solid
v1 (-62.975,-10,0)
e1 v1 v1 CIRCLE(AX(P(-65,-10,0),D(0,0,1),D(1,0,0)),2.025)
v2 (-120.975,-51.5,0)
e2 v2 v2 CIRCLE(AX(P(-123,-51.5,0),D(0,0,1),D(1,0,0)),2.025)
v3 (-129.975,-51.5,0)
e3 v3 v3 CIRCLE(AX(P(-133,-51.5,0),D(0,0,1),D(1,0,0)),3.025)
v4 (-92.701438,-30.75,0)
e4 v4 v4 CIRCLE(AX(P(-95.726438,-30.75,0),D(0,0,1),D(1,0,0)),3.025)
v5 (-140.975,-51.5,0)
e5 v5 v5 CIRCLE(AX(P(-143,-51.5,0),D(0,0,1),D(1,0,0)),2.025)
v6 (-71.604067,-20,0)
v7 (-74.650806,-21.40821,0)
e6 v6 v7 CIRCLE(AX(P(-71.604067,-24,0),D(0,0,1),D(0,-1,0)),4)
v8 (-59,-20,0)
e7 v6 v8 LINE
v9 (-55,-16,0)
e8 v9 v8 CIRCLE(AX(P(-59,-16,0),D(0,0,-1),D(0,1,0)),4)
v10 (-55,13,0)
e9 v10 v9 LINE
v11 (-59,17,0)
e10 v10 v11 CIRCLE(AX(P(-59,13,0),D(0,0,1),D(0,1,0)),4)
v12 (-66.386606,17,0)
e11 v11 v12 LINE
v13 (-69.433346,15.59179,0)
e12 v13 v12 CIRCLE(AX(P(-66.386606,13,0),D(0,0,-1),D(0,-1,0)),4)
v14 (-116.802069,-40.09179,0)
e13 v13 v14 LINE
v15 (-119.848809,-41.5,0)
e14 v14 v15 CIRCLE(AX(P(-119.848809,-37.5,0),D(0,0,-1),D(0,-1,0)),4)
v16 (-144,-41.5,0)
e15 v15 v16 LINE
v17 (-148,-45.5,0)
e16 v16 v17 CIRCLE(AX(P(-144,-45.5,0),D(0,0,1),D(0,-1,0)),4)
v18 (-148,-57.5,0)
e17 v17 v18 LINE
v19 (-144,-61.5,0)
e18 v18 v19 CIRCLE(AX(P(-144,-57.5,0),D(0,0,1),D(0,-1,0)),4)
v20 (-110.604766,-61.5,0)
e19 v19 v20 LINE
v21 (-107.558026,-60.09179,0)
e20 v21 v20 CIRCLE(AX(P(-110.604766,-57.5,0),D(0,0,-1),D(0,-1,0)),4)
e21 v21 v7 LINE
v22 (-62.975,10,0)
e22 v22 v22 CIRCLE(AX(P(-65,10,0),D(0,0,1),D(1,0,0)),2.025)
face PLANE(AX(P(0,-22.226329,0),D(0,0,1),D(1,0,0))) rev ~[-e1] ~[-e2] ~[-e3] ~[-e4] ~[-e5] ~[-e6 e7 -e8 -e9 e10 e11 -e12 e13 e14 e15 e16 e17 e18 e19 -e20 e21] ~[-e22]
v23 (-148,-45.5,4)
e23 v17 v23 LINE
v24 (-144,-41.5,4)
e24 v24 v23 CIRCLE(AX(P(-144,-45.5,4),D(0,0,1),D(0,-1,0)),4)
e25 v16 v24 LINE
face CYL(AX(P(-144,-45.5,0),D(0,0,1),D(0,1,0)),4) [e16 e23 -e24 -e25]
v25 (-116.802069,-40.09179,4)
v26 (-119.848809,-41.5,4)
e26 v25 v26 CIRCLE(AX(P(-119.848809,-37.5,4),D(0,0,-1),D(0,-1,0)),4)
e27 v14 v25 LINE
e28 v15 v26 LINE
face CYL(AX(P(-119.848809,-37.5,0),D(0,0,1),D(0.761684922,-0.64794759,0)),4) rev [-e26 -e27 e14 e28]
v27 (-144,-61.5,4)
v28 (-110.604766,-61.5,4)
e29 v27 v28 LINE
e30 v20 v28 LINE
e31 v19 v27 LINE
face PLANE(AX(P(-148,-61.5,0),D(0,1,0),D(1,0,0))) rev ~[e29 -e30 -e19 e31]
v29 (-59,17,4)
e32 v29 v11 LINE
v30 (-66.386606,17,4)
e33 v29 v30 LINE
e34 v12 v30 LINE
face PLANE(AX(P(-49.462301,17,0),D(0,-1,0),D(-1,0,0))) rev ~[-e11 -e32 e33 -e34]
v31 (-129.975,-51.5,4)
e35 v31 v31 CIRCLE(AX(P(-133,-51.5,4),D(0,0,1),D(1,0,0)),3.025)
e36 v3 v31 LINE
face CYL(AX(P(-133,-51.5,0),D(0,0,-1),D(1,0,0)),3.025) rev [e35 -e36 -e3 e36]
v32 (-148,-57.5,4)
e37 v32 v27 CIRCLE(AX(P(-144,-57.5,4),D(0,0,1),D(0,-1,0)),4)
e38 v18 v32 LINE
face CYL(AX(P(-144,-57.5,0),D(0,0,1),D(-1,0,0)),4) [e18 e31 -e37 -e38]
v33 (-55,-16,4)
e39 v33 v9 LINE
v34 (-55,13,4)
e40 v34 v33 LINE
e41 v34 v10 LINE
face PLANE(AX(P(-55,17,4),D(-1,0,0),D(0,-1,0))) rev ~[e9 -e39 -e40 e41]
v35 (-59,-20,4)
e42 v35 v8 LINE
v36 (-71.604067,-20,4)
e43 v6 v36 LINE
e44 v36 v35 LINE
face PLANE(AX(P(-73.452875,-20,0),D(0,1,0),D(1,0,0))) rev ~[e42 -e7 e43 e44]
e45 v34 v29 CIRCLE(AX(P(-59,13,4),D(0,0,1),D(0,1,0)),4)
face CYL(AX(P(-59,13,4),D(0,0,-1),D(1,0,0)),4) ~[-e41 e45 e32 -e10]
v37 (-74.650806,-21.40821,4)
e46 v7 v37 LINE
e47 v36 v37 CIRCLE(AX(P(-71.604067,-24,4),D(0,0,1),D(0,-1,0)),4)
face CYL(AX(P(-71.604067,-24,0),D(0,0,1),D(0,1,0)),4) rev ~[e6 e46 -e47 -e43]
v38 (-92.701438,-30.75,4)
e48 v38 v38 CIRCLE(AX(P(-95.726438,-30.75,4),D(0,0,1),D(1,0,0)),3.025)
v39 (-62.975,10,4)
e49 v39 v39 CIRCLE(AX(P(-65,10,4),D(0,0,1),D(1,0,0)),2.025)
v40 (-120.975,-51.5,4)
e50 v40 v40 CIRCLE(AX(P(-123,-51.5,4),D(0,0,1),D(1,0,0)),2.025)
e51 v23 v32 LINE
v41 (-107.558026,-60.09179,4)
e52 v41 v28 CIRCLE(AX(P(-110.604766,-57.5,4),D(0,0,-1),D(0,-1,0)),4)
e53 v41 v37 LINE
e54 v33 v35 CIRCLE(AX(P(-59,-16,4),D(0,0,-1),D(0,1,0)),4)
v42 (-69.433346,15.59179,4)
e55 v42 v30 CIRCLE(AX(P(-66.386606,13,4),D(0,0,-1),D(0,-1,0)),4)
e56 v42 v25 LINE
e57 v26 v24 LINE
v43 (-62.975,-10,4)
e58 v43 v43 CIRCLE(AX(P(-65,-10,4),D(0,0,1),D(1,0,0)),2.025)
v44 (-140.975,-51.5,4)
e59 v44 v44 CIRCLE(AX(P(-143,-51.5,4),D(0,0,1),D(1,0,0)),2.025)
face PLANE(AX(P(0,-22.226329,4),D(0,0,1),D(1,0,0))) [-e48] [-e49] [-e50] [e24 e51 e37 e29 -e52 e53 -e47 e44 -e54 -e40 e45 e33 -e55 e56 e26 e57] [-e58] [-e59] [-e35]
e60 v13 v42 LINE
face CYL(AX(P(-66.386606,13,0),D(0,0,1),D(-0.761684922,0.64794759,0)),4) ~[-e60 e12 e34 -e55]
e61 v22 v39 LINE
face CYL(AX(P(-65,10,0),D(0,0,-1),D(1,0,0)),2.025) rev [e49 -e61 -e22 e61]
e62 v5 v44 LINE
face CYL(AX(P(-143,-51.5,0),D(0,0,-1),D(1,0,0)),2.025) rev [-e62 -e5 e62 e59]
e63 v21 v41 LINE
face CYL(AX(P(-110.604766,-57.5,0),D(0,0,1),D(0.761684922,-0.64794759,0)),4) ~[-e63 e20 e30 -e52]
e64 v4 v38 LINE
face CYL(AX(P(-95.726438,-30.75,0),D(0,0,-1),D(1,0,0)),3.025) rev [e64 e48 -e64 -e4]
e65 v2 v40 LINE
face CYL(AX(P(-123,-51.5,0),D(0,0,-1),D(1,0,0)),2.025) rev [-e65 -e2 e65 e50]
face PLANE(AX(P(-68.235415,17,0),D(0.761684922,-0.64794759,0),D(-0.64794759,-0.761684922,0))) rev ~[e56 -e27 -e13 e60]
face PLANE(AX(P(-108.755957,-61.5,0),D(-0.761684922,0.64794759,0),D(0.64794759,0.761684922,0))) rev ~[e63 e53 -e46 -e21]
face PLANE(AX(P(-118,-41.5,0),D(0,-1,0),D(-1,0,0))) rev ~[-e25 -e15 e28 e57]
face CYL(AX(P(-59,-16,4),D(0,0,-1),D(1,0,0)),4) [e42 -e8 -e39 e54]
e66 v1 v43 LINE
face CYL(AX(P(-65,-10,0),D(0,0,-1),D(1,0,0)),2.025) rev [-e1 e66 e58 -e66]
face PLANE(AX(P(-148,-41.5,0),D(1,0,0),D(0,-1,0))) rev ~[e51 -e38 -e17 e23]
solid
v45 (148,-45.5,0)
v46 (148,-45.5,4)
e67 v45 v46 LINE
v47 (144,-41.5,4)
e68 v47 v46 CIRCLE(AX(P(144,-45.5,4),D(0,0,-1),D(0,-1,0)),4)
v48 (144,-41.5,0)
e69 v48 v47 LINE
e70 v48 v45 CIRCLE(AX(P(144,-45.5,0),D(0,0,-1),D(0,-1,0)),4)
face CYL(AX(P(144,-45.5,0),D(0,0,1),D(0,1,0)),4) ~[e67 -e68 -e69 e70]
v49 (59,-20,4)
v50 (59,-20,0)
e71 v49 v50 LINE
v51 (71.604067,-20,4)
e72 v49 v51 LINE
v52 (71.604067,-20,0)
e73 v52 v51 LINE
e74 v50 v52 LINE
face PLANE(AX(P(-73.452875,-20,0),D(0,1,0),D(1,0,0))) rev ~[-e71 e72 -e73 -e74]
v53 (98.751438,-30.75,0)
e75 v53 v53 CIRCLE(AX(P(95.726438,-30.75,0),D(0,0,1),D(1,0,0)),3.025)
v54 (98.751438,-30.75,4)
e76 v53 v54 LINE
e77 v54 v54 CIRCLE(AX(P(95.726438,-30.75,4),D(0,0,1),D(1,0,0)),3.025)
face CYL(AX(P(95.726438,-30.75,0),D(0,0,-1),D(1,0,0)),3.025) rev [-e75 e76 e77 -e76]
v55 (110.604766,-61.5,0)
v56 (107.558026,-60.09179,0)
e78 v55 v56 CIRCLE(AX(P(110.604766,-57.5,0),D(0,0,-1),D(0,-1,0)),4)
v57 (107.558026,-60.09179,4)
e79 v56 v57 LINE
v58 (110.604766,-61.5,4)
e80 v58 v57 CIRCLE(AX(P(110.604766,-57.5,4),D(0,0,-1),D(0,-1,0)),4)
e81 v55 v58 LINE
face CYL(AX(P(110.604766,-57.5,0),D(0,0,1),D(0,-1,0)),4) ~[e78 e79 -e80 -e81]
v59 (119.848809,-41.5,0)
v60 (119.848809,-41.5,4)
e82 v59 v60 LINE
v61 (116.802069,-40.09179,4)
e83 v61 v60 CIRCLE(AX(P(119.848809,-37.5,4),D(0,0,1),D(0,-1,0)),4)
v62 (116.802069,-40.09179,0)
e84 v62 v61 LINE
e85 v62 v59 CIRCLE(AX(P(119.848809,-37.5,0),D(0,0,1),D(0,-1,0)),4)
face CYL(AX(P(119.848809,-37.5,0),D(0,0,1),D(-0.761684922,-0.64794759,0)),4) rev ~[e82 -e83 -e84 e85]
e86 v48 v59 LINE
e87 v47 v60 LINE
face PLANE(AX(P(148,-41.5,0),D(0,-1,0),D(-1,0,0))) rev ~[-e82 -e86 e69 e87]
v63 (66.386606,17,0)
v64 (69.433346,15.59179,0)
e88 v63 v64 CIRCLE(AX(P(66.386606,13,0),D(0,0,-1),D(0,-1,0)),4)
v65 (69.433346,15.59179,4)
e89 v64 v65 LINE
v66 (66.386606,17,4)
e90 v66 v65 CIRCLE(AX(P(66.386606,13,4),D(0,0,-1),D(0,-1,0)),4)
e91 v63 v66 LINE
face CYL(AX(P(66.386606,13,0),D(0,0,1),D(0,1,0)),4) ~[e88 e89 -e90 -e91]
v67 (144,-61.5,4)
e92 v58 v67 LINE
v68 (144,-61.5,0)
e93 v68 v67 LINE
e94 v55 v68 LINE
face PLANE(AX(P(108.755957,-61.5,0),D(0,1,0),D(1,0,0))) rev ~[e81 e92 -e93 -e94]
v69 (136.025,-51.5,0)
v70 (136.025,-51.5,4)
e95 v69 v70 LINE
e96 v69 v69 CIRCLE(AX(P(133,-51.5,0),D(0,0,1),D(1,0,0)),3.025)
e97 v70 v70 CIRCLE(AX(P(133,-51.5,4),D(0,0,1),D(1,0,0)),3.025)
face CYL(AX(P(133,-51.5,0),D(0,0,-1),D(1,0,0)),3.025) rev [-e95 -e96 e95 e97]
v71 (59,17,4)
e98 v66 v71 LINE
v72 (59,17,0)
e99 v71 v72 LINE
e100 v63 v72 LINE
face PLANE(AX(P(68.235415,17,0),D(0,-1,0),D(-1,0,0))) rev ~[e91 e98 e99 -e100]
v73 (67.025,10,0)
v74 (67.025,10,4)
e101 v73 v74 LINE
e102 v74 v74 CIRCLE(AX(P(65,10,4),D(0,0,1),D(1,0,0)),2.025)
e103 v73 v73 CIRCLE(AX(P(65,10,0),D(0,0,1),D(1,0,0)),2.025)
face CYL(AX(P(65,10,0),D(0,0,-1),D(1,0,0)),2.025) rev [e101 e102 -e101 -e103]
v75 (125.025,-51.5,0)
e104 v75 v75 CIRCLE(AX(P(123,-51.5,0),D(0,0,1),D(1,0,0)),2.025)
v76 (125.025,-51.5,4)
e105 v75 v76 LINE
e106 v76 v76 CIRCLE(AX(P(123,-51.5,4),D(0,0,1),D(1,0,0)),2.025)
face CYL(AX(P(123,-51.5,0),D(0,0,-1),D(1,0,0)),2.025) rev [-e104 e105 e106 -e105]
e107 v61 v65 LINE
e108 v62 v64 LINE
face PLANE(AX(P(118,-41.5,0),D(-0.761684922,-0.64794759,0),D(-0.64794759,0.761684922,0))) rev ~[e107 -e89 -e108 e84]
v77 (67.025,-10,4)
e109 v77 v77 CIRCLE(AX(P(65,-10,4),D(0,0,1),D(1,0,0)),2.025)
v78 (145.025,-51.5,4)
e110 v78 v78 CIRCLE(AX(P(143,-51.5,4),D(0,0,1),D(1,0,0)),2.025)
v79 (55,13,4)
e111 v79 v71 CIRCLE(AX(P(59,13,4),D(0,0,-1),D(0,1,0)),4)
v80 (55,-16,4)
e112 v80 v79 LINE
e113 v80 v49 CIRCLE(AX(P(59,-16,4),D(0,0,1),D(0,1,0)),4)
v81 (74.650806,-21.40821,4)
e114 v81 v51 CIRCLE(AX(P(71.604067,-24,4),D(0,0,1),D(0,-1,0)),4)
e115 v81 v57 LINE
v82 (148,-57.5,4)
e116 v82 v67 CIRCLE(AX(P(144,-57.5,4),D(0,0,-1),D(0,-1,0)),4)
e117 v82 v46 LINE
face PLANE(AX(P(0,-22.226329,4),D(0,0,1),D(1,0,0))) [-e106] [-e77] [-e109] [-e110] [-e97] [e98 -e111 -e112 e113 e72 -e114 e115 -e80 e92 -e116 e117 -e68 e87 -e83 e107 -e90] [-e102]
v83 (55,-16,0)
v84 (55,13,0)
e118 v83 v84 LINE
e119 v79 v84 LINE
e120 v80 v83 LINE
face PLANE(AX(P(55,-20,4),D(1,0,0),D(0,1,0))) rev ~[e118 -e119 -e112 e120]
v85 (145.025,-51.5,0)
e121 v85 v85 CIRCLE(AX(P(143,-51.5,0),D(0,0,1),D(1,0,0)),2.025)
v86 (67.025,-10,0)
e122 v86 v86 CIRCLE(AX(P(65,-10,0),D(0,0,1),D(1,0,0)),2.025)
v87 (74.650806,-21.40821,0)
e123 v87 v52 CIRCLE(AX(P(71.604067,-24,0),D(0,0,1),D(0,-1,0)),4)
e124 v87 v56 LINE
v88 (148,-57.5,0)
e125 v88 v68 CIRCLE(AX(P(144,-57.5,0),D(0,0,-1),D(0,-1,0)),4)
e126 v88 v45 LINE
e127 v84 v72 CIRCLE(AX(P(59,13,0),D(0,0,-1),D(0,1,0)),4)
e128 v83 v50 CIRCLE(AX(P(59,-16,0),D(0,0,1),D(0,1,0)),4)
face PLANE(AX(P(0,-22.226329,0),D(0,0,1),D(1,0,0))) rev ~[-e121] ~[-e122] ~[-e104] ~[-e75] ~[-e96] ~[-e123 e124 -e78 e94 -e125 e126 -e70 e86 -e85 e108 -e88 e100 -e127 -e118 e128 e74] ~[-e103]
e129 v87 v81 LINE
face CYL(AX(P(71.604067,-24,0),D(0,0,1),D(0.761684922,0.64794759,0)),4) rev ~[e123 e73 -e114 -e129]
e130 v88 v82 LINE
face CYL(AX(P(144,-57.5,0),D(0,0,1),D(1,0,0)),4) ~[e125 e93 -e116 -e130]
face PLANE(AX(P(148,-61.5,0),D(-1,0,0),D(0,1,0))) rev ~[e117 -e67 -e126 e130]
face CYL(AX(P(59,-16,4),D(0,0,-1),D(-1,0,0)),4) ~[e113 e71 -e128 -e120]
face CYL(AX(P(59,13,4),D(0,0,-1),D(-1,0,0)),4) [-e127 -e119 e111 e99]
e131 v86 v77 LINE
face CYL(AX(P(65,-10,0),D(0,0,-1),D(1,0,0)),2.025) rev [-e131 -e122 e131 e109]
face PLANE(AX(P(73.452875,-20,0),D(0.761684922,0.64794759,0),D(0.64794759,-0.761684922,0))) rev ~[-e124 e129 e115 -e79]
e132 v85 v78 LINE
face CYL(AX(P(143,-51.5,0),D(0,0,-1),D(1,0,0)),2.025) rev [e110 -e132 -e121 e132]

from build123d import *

# Parameters (mm, degrees)
SKETCH_1_R          = 3.025
SKETCH_1_R_2        = 2.025
EXTRUDE_1_DEPTH     = 4
SKETCH_2_W          = 79
SKETCH_2_H          = 36
CUT_EXTRUDE_1_DEPTH = 4
FILLET_1_R          = 4
SKETCH_3_W          = 110
SKETCH_3_H          = 3
SKETCH_3_H_2        = 34
CUT_EXTRUDE_2_DEPTH = 10
FILLET_2_R          = 4
FILLET_3_R          = 4


with BuildPart() as part:
    # 草图1 → 凸台-拉伸1 (new body)
    with BuildSketch(Plane.XY):
        with BuildLine():
            Line((-68.235415063, 17), (-118, -41.5))
            Line((-118, -41.5), (-148, -41.5))
            Line((-148, -41.5), (-148, -61.5))
            Line((-148, -61.5), (-108.755956962, -61.5))
            Line((-108.755956962, -61.5), (-73.45287534, -20))
            Line((-73.45287534, -20), (73.45287534, -20))
            Line((73.45287534, -20), (108.755956962, -61.5))
            Line((108.755956962, -61.5), (148, -61.5))
            Line((148, -61.5), (148, -41.5))
            Line((148, -41.5), (118, -41.5))
            Line((118, -41.5), (68.235415063, 17))
            Line((68.235415063, 17), (49.462300945, 17))
            ThreePointArc((49.462300945, 17), (47.5, 14.475), (45.537699055, 17))
            Line((45.537699055, 17), (-45.537699055, 17))
            ThreePointArc((-45.537699055, 17), (-47.5, 14.475), (-49.462300945, 17))
            Line((-49.462300945, 17), (-68.235415063, 17))
        make_face()
        with Locations((-95.72643767, -30.75)):
            Circle(SKETCH_1_R, mode=Mode.SUBTRACT)
        with Locations((95.72643767, -30.75)):
            Circle(SKETCH_1_R, mode=Mode.SUBTRACT)
        with Locations((-65, -10)):
            Circle(SKETCH_1_R_2, mode=Mode.SUBTRACT)
        with Locations((-47.5, -8.5)):
            Circle(SKETCH_1_R_2, mode=Mode.SUBTRACT)
        with Locations((-65, 10)):
            Circle(SKETCH_1_R_2, mode=Mode.SUBTRACT)
        with Locations((47.5, -8.5)):
            Circle(SKETCH_1_R_2, mode=Mode.SUBTRACT)
        with Locations((65, -10)):
            Circle(SKETCH_1_R_2, mode=Mode.SUBTRACT)
        with Locations((65, 10)):
            Circle(SKETCH_1_R_2, mode=Mode.SUBTRACT)
        with Locations((-123, -51.5)):
            Circle(SKETCH_1_R_2, mode=Mode.SUBTRACT)
        with Locations((-143, -51.5)):
            Circle(SKETCH_1_R_2, mode=Mode.SUBTRACT)
        with Locations((-133, -51.5)):
            Circle(SKETCH_1_R, mode=Mode.SUBTRACT)
        with Locations((143, -51.5)):
            Circle(SKETCH_1_R_2, mode=Mode.SUBTRACT)
        with Locations((123, -51.5)):
            Circle(SKETCH_1_R_2, mode=Mode.SUBTRACT)
        with Locations((133, -51.5)):
            Circle(SKETCH_1_R, mode=Mode.SUBTRACT)
    extrude(amount=EXTRUDE_1_DEPTH)

    # 草图2 → 切除-拉伸1 (cut)
    with BuildSketch(Plane.XY.offset(4)):
        with Locations((0, 4)):
            Rectangle(SKETCH_2_W, SKETCH_2_H)
    extrude(amount=-CUT_EXTRUDE_1_DEPTH, mode=Mode.SUBTRACT)

    # 圆角1
    fillet_1_edges = [part.edges().sort_by_distance(p)[0] for p in [
        (39.5, -14, 2),
        (-39.5, -14, 2),
        (-148, -61.5, 2),
        (-148, -41.5, 2),
        (-118, -41.5, 2),
        (-68.235415063, 17, 2),
        (68.235415063, 17, 2),
        (118, -41.5, 2),
        (148, -41.5, 2),
        (148, -61.5, 2),
        (108.755956962, -61.5, 2),
        (73.45287534, -20, 2),
        (-73.45287534, -20, 2),
        (-108.755956962, -61.5, 2),
    ]]
    fillet(fillet_1_edges, radius=FILLET_1_R)

    # 草图3 → 切除-拉伸2 (cut)
    with BuildSketch(Plane.XY.offset(4)):
        with Locations((0, -18.5)):
            Rectangle(SKETCH_3_W, SKETCH_3_H)
        Rectangle(SKETCH_3_W, SKETCH_3_H_2)
    extrude(amount=-CUT_EXTRUDE_2_DEPTH, mode=Mode.SUBTRACT)

    # 圆角2
    fillet_2_edges = [part.edges().sort_by_distance(p)[0] for p in [
        (-55, -20, 2),
        (-55, 17, 2),
    ]]
    fillet(fillet_2_edges, radius=FILLET_2_R)

    # 圆角3
    fillet_3_edges = [part.edges().sort_by_distance(p)[0] for p in [
        (55, 17, 2),
        (55, -20, 2),
    ]]
    fillet(fillet_3_edges, radius=FILLET_3_R)


solid = part.part
